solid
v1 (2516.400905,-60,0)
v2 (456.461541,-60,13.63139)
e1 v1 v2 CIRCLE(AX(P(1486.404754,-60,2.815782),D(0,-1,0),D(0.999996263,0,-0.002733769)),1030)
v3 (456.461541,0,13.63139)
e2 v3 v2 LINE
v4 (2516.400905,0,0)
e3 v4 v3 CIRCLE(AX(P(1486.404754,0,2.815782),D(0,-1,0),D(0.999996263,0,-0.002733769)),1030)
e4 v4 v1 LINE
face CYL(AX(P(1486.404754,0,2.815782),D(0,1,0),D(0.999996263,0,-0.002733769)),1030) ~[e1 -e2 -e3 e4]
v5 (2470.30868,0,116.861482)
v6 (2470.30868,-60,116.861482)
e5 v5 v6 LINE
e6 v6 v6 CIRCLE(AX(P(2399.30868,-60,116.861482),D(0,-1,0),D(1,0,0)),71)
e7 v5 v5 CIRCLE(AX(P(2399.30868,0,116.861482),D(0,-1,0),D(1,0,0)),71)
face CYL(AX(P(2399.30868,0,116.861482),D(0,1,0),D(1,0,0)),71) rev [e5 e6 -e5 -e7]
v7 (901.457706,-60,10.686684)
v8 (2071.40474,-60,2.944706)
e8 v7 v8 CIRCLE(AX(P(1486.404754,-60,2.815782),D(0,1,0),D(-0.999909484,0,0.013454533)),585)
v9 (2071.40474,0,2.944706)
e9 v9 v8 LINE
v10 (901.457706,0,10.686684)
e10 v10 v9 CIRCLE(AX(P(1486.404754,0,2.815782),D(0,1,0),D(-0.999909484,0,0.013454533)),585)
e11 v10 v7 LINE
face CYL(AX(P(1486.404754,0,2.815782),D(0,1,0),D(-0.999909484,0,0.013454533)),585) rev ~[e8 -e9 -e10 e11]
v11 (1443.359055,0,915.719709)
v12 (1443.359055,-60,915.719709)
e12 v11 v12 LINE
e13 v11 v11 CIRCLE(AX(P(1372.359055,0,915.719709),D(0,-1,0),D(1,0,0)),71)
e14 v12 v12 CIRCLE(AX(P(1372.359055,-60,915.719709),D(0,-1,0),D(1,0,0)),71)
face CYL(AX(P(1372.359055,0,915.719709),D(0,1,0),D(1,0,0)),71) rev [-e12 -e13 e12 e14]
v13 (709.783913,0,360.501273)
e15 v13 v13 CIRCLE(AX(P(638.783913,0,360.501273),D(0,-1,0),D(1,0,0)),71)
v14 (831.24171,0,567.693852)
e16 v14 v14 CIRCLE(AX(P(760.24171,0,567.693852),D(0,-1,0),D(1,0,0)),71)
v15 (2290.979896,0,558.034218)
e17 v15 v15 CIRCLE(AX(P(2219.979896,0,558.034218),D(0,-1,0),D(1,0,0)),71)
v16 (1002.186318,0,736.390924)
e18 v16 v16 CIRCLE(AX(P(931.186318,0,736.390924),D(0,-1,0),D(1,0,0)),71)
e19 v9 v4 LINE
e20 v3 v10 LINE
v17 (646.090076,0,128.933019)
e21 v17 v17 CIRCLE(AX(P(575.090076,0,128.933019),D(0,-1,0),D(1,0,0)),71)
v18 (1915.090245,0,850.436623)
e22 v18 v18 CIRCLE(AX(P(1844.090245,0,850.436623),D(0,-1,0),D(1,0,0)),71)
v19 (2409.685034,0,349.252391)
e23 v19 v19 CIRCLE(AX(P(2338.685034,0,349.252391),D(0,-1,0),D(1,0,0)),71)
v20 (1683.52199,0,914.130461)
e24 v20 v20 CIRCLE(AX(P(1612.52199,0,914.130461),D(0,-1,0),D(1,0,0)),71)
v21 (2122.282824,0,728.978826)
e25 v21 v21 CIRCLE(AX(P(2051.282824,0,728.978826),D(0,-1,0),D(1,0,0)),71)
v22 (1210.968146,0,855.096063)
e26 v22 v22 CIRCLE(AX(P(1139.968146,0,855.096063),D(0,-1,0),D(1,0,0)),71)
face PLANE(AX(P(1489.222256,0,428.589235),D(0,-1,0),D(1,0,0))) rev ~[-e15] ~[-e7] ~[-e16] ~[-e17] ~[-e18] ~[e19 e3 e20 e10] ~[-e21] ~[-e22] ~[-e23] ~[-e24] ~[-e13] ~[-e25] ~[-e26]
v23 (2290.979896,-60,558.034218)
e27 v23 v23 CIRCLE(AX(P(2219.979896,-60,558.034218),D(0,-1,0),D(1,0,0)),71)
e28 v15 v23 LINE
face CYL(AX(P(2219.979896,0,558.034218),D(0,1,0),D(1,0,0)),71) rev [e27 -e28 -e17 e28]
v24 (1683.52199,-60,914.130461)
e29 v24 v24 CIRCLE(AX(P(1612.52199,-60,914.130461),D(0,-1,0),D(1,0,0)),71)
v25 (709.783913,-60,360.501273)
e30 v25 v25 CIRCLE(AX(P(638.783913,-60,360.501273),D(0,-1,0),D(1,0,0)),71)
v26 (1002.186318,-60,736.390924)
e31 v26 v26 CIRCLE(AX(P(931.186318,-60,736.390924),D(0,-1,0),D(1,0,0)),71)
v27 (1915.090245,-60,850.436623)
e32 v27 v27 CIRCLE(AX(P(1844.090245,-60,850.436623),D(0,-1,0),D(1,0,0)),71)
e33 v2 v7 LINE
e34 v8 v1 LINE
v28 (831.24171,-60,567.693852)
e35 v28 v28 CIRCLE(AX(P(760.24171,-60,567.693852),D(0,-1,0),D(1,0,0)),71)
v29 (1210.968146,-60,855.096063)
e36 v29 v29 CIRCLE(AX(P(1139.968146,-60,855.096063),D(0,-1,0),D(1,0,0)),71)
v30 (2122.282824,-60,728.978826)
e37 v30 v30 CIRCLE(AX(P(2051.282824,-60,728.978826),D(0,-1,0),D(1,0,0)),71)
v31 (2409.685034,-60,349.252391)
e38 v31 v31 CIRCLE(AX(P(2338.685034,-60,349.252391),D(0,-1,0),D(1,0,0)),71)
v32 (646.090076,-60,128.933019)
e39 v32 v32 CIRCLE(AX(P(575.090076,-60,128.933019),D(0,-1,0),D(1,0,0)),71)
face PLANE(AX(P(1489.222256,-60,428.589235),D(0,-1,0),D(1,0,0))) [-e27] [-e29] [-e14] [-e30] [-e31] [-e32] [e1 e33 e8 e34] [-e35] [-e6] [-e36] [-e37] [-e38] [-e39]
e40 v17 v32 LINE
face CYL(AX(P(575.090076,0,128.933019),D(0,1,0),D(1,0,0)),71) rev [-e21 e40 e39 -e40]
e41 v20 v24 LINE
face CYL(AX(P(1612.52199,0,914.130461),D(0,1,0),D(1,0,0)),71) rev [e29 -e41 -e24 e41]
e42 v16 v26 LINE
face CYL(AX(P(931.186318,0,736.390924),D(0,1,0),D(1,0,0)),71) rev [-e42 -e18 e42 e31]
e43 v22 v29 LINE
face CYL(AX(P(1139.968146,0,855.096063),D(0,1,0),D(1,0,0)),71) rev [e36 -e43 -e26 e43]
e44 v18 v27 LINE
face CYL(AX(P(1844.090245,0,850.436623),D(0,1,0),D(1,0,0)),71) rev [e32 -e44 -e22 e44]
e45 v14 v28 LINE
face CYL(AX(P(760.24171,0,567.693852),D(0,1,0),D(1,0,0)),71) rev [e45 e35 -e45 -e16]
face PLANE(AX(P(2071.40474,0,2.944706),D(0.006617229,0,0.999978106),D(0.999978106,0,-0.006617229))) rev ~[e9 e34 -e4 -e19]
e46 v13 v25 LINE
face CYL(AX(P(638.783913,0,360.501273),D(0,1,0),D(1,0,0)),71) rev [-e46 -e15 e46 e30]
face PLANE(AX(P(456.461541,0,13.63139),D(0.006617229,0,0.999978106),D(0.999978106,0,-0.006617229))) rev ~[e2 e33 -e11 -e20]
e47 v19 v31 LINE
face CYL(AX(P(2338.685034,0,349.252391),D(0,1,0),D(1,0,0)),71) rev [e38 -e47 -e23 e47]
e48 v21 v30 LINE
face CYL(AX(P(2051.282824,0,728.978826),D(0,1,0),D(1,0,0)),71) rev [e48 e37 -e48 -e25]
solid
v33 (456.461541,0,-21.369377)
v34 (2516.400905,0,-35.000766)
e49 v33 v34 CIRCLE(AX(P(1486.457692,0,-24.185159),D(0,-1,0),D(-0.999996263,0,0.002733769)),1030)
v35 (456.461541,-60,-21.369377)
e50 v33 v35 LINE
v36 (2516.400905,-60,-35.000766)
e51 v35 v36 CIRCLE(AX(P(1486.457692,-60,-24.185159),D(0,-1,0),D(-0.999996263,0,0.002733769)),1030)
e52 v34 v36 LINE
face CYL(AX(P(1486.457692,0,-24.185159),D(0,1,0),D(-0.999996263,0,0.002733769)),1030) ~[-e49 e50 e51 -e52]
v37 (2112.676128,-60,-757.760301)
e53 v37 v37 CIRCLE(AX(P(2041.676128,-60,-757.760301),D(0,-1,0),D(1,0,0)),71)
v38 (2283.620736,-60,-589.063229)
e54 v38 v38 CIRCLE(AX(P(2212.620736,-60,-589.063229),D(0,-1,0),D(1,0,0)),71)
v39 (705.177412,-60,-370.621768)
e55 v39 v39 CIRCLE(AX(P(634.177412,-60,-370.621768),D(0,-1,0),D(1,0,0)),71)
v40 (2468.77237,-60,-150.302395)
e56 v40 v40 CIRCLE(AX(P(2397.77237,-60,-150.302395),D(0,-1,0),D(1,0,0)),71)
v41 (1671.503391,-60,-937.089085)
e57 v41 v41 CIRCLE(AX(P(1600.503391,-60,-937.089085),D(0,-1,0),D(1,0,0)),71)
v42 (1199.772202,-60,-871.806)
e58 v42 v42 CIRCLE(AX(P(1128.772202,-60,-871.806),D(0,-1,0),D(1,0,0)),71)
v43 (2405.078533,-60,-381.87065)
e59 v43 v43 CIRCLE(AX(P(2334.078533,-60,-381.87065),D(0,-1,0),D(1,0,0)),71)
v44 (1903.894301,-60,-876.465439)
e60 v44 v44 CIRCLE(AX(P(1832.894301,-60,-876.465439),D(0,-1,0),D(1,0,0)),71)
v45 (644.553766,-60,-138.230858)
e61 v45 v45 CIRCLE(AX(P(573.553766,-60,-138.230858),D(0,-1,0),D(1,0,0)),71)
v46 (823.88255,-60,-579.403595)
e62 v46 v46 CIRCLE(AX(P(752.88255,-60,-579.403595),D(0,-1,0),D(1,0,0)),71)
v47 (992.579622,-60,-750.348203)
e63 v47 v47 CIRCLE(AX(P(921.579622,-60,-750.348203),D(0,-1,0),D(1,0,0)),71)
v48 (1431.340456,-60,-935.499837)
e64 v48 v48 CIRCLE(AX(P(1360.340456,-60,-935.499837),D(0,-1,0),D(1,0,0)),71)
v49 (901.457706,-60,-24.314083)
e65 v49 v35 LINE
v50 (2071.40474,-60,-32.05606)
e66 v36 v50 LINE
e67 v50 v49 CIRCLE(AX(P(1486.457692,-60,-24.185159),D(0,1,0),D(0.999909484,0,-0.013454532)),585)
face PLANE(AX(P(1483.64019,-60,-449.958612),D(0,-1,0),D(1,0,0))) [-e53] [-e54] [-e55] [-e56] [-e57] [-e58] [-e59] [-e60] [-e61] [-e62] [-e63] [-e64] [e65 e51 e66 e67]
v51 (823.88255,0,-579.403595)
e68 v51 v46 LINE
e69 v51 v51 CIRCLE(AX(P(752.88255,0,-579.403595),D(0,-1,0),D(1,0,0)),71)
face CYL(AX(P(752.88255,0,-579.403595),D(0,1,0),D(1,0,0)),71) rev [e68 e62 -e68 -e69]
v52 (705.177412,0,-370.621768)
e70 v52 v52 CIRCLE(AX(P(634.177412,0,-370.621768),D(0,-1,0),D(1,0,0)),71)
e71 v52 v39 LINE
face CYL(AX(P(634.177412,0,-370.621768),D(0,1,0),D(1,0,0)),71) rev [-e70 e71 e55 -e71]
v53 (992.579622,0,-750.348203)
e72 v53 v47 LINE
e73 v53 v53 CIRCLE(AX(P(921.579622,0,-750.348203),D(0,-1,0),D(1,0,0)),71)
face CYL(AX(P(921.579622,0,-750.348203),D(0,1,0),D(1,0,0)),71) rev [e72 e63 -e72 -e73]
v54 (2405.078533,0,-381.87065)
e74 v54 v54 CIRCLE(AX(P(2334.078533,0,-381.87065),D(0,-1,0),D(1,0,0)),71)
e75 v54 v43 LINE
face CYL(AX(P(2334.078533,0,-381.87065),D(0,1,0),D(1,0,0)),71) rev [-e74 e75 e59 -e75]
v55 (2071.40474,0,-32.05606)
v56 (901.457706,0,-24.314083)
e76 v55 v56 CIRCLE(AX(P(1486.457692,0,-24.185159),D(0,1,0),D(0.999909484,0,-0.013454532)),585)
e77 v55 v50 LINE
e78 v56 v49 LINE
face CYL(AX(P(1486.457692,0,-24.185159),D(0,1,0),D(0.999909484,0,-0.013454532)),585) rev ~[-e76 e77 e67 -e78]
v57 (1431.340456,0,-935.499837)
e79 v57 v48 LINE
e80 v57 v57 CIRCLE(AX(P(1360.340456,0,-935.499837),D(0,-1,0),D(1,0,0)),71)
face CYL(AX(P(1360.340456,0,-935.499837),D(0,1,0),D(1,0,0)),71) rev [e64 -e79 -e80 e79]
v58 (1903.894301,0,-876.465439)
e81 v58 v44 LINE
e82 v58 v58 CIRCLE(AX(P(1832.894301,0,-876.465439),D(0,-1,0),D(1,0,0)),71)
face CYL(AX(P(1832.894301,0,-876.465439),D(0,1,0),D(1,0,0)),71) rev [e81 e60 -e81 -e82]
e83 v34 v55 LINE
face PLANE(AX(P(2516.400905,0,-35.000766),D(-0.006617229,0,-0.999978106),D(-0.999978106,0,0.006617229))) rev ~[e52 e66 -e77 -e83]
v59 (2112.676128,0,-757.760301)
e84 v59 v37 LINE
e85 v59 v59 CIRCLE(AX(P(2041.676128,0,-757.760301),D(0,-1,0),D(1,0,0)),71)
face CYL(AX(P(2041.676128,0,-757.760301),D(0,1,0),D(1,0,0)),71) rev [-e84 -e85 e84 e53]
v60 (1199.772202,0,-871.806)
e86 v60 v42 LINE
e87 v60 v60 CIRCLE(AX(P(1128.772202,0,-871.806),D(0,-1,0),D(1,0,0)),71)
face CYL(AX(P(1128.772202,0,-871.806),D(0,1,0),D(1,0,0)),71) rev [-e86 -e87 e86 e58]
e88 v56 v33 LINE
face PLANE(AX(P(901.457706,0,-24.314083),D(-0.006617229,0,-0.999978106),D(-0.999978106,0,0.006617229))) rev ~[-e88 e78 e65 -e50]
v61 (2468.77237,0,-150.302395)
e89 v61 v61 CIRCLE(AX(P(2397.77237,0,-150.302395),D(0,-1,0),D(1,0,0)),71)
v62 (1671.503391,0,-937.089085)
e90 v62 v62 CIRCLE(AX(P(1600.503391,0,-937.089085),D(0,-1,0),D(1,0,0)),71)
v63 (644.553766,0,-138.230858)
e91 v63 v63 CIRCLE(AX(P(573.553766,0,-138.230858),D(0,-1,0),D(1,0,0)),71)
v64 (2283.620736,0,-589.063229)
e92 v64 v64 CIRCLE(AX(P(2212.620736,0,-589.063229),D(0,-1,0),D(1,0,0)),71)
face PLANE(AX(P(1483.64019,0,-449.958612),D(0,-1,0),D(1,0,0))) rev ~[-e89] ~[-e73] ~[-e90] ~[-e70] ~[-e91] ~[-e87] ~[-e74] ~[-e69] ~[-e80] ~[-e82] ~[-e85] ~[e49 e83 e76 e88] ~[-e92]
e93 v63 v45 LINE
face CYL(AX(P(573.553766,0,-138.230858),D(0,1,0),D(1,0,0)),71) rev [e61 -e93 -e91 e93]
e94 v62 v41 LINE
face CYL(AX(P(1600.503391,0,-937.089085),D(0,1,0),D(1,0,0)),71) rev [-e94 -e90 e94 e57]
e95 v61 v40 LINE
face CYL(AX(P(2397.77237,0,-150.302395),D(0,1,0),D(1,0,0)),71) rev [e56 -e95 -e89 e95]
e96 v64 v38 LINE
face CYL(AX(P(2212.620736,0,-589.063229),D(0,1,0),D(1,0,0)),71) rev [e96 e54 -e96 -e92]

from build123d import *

# Parameters (mm, degrees)
F0_R     = 71
F1_DEPTH = 60


with BuildPart() as f1:
    # F0 (on Front) → F1 (new body)
    with BuildSketch(Plane.XZ):
        with BuildLine():
            Line((456.461541, 13.63139), (901.457706, 10.686684))
            ThreePointArc((901.457706, 10.686684), (1490.275833, 587.802974), (2071.40474, 2.944706))
            Line((2071.40474, 2.944706), (2516.400905, 0))
            ThreePointArc((2516.400905, 0), (1493.2205, 1032.793231), (456.461541, 13.63139))
        make_face()
        with Locations((575.090076, 128.933019)):
            Circle(F0_R, mode=Mode.SUBTRACT)
        with Locations((638.783913, 360.501273)):
            Circle(F0_R, mode=Mode.SUBTRACT)
        with Locations((760.24171, 567.693852)):
            Circle(F0_R, mode=Mode.SUBTRACT)
        with Locations((2219.979896, 558.034218)):
            Circle(F0_R, mode=Mode.SUBTRACT)
        with Locations((931.186318, 736.390924)):
            Circle(F0_R, mode=Mode.SUBTRACT)
        with Locations((1139.968146, 855.096063)):
            Circle(F0_R, mode=Mode.SUBTRACT)
        with Locations((1372.359055, 915.719709)):
            Circle(F0_R, mode=Mode.SUBTRACT)
        with Locations((1844.090245, 850.436623)):
            Circle(F0_R, mode=Mode.SUBTRACT)
        with Locations((2051.282824, 728.978826)):
            Circle(F0_R, mode=Mode.SUBTRACT)
        with Locations((1612.52199, 914.130461)):
            Circle(F0_R, mode=Mode.SUBTRACT)
        with Locations((2399.30868, 116.861482)):
            Circle(F0_R, mode=Mode.SUBTRACT)
        with Locations((2338.685034, 349.252391)):
            Circle(F0_R, mode=Mode.SUBTRACT)
        with BuildLine():
            ThreePointArc((2071.40474, -32.05606), (1482.586613, -609.172351), (901.457706, -24.314083))
            Line((901.457706, -24.314083), (456.461541, -21.369377))
            ThreePointArc((456.461541, -21.369377), (1479.641946, -1054.162608), (2516.400905, -35.000766))
            Line((2516.400905, -35.000766), (2071.40474, -32.05606))
        make_face()
        with Locations((752.88255, -579.403595)):
            Circle(F0_R, mode=Mode.SUBTRACT)
        with Locations((634.177412, -370.621768)):
            Circle(F0_R, mode=Mode.SUBTRACT)
        with Locations((573.553766, -138.230858)):
            Circle(F0_R, mode=Mode.SUBTRACT)
        with Locations((1128.772202, -871.806)):
            Circle(F0_R, mode=Mode.SUBTRACT)
        with Locations((921.579622, -750.348203)):
            Circle(F0_R, mode=Mode.SUBTRACT)
        with Locations((1360.340456, -935.499837)):
            Circle(F0_R, mode=Mode.SUBTRACT)
        with Locations((1600.503391, -937.089085)):
            Circle(F0_R, mode=Mode.SUBTRACT)
        with Locations((1832.894301, -876.465439)):
            Circle(F0_R, mode=Mode.SUBTRACT)
        with Locations((2041.676128, -757.760301)):
            Circle(F0_R, mode=Mode.SUBTRACT)
        with Locations((2212.620736, -589.063229)):
            Circle(F0_R, mode=Mode.SUBTRACT)
        with Locations((2334.078533, -381.87065)):
            Circle(F0_R, mode=Mode.SUBTRACT)
        with Locations((2397.77237, -150.302395)):
            Circle(F0_R, mode=Mode.SUBTRACT)
    extrude(amount=F1_DEPTH)


solid = f1.part
